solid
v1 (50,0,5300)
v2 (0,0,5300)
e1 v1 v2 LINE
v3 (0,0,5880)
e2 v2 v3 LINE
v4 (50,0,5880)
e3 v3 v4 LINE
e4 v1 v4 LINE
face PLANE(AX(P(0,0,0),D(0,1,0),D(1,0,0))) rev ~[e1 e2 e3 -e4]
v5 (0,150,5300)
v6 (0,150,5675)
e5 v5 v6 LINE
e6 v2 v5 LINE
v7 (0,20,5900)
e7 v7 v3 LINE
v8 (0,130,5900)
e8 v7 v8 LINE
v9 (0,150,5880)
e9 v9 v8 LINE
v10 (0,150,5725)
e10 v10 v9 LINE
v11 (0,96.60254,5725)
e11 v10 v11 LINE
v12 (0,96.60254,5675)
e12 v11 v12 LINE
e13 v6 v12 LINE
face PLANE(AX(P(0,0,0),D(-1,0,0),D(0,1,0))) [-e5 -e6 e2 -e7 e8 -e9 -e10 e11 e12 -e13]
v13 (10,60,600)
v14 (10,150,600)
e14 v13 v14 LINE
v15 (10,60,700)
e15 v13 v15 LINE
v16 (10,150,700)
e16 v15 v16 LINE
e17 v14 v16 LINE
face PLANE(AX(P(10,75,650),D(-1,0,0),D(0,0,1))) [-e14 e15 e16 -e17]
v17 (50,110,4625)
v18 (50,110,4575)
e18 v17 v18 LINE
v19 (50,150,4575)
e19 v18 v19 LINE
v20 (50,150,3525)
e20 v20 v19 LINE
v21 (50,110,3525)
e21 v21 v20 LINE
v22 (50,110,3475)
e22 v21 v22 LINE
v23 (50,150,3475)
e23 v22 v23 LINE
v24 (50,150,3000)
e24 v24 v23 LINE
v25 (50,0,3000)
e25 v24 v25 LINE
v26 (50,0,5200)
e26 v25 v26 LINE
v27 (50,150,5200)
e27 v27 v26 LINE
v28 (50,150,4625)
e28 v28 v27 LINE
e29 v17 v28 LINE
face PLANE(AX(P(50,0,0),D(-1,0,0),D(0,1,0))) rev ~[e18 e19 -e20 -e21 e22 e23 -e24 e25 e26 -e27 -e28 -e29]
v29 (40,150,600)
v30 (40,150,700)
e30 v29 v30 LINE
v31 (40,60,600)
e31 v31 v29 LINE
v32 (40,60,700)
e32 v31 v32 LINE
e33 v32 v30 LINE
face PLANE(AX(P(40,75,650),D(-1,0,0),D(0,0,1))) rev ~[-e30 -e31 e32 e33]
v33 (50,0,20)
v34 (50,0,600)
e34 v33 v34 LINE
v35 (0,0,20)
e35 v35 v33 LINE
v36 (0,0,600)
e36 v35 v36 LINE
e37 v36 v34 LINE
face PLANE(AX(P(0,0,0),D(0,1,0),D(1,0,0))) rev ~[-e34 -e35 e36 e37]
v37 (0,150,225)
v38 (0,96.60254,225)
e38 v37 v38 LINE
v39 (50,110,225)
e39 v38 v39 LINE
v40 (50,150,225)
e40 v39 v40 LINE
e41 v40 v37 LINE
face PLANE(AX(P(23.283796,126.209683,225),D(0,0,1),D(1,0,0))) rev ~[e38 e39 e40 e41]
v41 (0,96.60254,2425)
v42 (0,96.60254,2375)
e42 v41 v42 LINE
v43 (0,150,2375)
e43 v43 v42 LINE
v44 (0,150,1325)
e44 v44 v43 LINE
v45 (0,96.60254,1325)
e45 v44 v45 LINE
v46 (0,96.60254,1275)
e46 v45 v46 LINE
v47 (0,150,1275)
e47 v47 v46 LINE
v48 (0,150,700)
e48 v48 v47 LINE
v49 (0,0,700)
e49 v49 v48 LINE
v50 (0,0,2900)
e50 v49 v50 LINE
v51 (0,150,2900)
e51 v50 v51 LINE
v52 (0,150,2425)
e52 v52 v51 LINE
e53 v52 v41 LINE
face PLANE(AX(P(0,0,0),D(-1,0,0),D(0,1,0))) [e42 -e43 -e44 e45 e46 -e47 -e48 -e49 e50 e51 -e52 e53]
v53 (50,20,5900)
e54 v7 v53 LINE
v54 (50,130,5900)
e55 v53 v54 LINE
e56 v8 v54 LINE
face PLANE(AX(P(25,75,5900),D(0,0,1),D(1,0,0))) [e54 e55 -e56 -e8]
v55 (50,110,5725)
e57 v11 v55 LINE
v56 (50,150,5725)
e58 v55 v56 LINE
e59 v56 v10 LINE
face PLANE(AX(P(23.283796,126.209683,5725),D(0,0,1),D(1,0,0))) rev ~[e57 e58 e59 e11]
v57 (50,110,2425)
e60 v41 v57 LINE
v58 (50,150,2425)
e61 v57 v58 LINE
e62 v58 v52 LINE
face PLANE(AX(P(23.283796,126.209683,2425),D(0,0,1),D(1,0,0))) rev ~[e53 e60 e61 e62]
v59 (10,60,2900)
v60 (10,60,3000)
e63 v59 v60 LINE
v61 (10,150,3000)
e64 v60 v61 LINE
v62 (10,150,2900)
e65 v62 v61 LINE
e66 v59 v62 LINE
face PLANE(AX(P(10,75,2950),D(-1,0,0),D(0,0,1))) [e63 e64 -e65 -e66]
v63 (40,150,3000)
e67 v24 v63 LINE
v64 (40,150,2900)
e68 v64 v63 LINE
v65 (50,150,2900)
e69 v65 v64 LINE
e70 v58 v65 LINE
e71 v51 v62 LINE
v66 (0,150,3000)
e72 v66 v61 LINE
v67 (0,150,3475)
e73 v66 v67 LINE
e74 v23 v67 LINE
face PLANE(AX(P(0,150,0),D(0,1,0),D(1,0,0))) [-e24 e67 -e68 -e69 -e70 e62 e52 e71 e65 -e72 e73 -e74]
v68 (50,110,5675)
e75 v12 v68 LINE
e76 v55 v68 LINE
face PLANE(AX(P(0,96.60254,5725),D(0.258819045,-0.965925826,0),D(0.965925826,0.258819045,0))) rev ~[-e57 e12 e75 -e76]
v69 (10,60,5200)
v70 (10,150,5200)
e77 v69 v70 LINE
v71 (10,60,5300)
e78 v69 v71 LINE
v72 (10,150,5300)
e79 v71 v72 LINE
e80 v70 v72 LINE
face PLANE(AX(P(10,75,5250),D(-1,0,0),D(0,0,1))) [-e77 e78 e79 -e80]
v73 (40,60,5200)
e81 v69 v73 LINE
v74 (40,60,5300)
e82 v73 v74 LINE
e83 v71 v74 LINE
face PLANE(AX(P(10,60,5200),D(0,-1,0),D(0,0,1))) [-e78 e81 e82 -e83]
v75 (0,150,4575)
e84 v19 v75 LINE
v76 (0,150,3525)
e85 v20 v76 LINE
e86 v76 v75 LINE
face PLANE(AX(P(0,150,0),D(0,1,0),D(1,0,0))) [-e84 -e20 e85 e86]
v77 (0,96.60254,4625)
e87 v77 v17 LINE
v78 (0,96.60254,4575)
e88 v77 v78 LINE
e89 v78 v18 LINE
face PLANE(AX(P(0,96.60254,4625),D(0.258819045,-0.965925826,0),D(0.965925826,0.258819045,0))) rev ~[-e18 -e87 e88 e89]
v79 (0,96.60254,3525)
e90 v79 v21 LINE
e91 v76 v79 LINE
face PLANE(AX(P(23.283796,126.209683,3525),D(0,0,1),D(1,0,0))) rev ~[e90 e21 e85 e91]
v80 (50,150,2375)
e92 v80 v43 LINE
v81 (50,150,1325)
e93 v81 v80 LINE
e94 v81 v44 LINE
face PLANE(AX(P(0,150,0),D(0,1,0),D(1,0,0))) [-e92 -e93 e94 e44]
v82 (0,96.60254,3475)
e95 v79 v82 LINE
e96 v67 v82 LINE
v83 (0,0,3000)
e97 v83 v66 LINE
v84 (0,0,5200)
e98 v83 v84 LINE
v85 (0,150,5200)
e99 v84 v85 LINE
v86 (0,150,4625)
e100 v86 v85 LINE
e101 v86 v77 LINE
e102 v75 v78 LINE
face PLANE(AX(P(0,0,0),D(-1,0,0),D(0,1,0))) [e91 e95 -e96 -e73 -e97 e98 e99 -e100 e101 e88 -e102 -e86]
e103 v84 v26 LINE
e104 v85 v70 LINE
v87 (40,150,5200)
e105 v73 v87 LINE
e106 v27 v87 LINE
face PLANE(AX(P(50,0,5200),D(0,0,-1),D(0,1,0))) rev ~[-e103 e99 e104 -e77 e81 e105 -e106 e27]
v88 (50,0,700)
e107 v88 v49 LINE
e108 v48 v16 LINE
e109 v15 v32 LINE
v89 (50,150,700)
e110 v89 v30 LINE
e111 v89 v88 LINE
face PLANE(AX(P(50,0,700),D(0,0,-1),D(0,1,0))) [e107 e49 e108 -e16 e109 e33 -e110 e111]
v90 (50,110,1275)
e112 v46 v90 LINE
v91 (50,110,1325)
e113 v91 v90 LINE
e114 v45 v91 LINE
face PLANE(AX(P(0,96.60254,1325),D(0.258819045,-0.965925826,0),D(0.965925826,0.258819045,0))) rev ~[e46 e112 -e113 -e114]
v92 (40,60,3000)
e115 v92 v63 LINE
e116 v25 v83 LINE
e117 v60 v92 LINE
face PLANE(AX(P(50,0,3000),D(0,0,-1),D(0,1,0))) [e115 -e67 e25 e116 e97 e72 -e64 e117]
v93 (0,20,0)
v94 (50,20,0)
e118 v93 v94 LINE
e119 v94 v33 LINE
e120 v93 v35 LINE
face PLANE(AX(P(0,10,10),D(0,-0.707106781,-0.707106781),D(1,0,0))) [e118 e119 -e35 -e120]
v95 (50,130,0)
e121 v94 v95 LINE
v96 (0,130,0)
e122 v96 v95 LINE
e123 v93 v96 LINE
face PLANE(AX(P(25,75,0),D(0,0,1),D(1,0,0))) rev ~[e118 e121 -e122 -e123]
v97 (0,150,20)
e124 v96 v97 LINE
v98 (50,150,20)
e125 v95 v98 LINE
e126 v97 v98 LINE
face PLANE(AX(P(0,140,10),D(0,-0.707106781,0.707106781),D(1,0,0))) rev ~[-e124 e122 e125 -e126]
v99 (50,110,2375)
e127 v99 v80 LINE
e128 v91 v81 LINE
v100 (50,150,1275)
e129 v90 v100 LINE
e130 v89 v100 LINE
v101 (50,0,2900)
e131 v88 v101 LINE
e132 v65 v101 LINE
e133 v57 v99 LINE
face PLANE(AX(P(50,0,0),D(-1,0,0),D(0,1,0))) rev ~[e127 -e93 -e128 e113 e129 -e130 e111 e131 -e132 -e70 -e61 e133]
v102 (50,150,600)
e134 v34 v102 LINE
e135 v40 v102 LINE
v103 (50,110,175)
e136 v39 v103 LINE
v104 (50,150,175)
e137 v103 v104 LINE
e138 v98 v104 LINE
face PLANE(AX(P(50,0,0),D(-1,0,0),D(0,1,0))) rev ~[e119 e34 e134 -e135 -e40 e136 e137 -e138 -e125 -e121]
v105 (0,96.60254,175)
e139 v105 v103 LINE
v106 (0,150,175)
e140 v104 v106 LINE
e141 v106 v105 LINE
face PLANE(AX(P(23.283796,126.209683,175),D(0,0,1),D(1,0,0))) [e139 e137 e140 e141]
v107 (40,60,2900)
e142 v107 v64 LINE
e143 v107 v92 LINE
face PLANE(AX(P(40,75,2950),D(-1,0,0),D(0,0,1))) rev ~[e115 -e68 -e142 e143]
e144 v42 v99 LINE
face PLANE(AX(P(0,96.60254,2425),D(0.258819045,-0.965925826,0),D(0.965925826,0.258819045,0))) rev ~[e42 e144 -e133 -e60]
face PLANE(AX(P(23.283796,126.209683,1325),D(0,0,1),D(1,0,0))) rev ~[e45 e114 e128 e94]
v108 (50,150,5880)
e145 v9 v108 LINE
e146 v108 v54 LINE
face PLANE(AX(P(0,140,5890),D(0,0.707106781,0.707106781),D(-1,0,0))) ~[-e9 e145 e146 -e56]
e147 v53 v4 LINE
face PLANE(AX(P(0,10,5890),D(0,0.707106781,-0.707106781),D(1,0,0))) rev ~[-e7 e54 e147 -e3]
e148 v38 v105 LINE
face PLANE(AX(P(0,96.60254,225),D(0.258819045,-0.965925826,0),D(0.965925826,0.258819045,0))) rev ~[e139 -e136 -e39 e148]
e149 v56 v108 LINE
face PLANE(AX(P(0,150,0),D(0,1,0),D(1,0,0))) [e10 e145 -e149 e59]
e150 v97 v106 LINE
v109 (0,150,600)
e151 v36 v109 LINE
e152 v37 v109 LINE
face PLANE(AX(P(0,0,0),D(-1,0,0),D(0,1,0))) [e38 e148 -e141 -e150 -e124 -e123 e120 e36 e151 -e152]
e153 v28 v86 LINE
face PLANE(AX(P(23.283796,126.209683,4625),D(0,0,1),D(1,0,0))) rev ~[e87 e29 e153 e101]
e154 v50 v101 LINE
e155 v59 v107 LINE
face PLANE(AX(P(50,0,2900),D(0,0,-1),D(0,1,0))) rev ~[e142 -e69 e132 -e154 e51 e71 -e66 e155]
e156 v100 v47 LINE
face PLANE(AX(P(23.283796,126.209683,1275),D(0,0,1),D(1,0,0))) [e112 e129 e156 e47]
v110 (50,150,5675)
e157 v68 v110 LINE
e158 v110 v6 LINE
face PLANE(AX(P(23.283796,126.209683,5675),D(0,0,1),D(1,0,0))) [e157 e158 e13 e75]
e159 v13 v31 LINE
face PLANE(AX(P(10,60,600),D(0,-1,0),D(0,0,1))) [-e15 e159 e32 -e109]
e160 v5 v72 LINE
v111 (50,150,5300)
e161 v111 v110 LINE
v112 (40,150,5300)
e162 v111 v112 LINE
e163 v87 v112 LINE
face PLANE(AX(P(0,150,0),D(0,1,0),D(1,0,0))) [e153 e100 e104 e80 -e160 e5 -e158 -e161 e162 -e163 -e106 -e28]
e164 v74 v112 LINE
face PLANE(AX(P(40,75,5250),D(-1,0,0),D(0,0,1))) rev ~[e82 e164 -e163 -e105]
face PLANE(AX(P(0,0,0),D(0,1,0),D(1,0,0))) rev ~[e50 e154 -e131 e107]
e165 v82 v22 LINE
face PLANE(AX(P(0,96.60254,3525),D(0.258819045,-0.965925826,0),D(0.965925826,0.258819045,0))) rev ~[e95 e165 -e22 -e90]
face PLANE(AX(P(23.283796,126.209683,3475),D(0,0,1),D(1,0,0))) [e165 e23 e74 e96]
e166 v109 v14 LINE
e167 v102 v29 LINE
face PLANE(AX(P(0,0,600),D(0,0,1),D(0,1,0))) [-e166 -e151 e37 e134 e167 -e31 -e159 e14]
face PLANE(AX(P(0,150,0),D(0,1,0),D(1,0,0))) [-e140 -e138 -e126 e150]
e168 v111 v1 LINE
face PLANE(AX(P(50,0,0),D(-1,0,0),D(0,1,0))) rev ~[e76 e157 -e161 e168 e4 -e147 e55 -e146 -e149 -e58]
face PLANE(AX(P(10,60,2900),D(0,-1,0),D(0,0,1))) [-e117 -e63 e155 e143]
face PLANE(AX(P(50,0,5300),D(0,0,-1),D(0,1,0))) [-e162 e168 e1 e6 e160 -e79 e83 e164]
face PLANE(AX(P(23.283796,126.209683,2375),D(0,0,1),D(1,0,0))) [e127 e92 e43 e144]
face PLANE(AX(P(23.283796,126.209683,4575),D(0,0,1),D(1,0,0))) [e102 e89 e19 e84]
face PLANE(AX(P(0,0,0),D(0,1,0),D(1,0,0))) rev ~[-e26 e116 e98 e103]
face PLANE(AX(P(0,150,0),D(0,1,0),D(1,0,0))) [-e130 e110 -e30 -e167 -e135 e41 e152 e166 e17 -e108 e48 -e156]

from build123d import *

# Parameters (mm, degrees)
ESQUISSE1_W                = 50
ESQUISSE1_H                = 150
BOSS_EXTRU_1_DEPTH         = 5900
ENL_V_START                = -175
ENL_V_MAT_EXTRU_1_DEPTH    = 50
R_P_TITION_LIN_AIRE1_COUNT = 6
R_P_TITION_LIN_AIRE1_PITCH = 1100
CHANFREIN1_SIZE            = 20
ESQUISSE3_W                = 100
ESQUISSE3_H                = 150
ENL_V_MAT_EXTRU_2_DEPTH    = 10
ENL_V_START_2              = -50
ESQUISSE3_2_W              = 100
ESQUISSE3_2_H              = 150
ENL_V_MAT_EXTRU_3_DEPTH    = 10
ESQUISSE4_W                = 100
ESQUISSE4_H                = 60
ENL_V_MAT_EXTRU_4_DEPTH    = 5903.042019505


with BuildPart() as part:
    # Esquisse1 → Boss.-Extru.1 (new body)
    with BuildSketch(Plane.XY):
        with Locations((25, 75)):
            Rectangle(ESQUISSE1_W, ESQUISSE1_H)
    extrude(amount=BOSS_EXTRU_1_DEPTH)

    # Esquisse2 → Enlèv. mat.-Extru.1 (cut)
    with BuildSketch(Plane.XY.offset(5900).offset(ENL_V_START)):
        Polygon((0, 96.602540378), (50, 110), (50, 150), (0, 150), align=None)
    enl_v_mat_extru_1 = extrude(amount=-ENL_V_MAT_EXTRU_1_DEPTH, mode=Mode.SUBTRACT)

    # Répétition linéaire1: Enlèv. mat.-Extru.1 ×6
    with Locations(*[(0, 0, -i * R_P_TITION_LIN_AIRE1_PITCH) for i in range(1, R_P_TITION_LIN_AIRE1_COUNT)]):
        add(enl_v_mat_extru_1, mode=Mode.SUBTRACT)

    # Chanfrein1
    chanfrein1_edges = [part.edges().sort_by_distance(p)[0] for p in [
        (25, 150, 5900),
        (25, 150, 0),
        (25, 0, 0),
        (25, 0, 5900),
    ]]
    chamfer(chanfrein1_edges, length=CHANFREIN1_SIZE)

    # Esquisse3 → Enlèv. mat.-Extru.2 (cut)
    with BuildSketch(Plane.ZY):
        with Locations((650, 75)):
            Rectangle(ESQUISSE3_W, ESQUISSE3_H)
        with Locations((2950, 75)):
            Rectangle(ESQUISSE3_W, ESQUISSE3_H)
        with Locations((5250, 75)):
            Rectangle(ESQUISSE3_W, ESQUISSE3_H)
    extrude(amount=-ENL_V_MAT_EXTRU_2_DEPTH, mode=Mode.SUBTRACT)

    # Esquisse3<2> → Enlèv. mat.-Extru.3 (cut)
    with BuildSketch(Plane.ZY.offset(ENL_V_START_2)):
        with Locations((650, 75)):
            Rectangle(ESQUISSE3_2_W, ESQUISSE3_2_H)
        with Locations((2950, 75)):
            Rectangle(ESQUISSE3_2_W, ESQUISSE3_2_H)
        with Locations((5250, 75)):
            Rectangle(ESQUISSE3_2_W, ESQUISSE3_2_H)
    extrude(amount=ENL_V_MAT_EXTRU_3_DEPTH, mode=Mode.SUBTRACT)

    # Esquisse4 → Enlèv. mat.-Extru.4 (cut, through all)
    with BuildSketch(Plane.ZY.offset(-10)):
        with Locations((650, 30)):
            Rectangle(ESQUISSE4_W, ESQUISSE4_H)
        with Locations((2950, 30)):
            Rectangle(ESQUISSE4_W, ESQUISSE4_H)
        with Locations((5250, 30)):
            Rectangle(ESQUISSE4_W, ESQUISSE4_H)
    extrude(amount=-ENL_V_MAT_EXTRU_4_DEPTH, mode=Mode.SUBTRACT)


solid = part.part
